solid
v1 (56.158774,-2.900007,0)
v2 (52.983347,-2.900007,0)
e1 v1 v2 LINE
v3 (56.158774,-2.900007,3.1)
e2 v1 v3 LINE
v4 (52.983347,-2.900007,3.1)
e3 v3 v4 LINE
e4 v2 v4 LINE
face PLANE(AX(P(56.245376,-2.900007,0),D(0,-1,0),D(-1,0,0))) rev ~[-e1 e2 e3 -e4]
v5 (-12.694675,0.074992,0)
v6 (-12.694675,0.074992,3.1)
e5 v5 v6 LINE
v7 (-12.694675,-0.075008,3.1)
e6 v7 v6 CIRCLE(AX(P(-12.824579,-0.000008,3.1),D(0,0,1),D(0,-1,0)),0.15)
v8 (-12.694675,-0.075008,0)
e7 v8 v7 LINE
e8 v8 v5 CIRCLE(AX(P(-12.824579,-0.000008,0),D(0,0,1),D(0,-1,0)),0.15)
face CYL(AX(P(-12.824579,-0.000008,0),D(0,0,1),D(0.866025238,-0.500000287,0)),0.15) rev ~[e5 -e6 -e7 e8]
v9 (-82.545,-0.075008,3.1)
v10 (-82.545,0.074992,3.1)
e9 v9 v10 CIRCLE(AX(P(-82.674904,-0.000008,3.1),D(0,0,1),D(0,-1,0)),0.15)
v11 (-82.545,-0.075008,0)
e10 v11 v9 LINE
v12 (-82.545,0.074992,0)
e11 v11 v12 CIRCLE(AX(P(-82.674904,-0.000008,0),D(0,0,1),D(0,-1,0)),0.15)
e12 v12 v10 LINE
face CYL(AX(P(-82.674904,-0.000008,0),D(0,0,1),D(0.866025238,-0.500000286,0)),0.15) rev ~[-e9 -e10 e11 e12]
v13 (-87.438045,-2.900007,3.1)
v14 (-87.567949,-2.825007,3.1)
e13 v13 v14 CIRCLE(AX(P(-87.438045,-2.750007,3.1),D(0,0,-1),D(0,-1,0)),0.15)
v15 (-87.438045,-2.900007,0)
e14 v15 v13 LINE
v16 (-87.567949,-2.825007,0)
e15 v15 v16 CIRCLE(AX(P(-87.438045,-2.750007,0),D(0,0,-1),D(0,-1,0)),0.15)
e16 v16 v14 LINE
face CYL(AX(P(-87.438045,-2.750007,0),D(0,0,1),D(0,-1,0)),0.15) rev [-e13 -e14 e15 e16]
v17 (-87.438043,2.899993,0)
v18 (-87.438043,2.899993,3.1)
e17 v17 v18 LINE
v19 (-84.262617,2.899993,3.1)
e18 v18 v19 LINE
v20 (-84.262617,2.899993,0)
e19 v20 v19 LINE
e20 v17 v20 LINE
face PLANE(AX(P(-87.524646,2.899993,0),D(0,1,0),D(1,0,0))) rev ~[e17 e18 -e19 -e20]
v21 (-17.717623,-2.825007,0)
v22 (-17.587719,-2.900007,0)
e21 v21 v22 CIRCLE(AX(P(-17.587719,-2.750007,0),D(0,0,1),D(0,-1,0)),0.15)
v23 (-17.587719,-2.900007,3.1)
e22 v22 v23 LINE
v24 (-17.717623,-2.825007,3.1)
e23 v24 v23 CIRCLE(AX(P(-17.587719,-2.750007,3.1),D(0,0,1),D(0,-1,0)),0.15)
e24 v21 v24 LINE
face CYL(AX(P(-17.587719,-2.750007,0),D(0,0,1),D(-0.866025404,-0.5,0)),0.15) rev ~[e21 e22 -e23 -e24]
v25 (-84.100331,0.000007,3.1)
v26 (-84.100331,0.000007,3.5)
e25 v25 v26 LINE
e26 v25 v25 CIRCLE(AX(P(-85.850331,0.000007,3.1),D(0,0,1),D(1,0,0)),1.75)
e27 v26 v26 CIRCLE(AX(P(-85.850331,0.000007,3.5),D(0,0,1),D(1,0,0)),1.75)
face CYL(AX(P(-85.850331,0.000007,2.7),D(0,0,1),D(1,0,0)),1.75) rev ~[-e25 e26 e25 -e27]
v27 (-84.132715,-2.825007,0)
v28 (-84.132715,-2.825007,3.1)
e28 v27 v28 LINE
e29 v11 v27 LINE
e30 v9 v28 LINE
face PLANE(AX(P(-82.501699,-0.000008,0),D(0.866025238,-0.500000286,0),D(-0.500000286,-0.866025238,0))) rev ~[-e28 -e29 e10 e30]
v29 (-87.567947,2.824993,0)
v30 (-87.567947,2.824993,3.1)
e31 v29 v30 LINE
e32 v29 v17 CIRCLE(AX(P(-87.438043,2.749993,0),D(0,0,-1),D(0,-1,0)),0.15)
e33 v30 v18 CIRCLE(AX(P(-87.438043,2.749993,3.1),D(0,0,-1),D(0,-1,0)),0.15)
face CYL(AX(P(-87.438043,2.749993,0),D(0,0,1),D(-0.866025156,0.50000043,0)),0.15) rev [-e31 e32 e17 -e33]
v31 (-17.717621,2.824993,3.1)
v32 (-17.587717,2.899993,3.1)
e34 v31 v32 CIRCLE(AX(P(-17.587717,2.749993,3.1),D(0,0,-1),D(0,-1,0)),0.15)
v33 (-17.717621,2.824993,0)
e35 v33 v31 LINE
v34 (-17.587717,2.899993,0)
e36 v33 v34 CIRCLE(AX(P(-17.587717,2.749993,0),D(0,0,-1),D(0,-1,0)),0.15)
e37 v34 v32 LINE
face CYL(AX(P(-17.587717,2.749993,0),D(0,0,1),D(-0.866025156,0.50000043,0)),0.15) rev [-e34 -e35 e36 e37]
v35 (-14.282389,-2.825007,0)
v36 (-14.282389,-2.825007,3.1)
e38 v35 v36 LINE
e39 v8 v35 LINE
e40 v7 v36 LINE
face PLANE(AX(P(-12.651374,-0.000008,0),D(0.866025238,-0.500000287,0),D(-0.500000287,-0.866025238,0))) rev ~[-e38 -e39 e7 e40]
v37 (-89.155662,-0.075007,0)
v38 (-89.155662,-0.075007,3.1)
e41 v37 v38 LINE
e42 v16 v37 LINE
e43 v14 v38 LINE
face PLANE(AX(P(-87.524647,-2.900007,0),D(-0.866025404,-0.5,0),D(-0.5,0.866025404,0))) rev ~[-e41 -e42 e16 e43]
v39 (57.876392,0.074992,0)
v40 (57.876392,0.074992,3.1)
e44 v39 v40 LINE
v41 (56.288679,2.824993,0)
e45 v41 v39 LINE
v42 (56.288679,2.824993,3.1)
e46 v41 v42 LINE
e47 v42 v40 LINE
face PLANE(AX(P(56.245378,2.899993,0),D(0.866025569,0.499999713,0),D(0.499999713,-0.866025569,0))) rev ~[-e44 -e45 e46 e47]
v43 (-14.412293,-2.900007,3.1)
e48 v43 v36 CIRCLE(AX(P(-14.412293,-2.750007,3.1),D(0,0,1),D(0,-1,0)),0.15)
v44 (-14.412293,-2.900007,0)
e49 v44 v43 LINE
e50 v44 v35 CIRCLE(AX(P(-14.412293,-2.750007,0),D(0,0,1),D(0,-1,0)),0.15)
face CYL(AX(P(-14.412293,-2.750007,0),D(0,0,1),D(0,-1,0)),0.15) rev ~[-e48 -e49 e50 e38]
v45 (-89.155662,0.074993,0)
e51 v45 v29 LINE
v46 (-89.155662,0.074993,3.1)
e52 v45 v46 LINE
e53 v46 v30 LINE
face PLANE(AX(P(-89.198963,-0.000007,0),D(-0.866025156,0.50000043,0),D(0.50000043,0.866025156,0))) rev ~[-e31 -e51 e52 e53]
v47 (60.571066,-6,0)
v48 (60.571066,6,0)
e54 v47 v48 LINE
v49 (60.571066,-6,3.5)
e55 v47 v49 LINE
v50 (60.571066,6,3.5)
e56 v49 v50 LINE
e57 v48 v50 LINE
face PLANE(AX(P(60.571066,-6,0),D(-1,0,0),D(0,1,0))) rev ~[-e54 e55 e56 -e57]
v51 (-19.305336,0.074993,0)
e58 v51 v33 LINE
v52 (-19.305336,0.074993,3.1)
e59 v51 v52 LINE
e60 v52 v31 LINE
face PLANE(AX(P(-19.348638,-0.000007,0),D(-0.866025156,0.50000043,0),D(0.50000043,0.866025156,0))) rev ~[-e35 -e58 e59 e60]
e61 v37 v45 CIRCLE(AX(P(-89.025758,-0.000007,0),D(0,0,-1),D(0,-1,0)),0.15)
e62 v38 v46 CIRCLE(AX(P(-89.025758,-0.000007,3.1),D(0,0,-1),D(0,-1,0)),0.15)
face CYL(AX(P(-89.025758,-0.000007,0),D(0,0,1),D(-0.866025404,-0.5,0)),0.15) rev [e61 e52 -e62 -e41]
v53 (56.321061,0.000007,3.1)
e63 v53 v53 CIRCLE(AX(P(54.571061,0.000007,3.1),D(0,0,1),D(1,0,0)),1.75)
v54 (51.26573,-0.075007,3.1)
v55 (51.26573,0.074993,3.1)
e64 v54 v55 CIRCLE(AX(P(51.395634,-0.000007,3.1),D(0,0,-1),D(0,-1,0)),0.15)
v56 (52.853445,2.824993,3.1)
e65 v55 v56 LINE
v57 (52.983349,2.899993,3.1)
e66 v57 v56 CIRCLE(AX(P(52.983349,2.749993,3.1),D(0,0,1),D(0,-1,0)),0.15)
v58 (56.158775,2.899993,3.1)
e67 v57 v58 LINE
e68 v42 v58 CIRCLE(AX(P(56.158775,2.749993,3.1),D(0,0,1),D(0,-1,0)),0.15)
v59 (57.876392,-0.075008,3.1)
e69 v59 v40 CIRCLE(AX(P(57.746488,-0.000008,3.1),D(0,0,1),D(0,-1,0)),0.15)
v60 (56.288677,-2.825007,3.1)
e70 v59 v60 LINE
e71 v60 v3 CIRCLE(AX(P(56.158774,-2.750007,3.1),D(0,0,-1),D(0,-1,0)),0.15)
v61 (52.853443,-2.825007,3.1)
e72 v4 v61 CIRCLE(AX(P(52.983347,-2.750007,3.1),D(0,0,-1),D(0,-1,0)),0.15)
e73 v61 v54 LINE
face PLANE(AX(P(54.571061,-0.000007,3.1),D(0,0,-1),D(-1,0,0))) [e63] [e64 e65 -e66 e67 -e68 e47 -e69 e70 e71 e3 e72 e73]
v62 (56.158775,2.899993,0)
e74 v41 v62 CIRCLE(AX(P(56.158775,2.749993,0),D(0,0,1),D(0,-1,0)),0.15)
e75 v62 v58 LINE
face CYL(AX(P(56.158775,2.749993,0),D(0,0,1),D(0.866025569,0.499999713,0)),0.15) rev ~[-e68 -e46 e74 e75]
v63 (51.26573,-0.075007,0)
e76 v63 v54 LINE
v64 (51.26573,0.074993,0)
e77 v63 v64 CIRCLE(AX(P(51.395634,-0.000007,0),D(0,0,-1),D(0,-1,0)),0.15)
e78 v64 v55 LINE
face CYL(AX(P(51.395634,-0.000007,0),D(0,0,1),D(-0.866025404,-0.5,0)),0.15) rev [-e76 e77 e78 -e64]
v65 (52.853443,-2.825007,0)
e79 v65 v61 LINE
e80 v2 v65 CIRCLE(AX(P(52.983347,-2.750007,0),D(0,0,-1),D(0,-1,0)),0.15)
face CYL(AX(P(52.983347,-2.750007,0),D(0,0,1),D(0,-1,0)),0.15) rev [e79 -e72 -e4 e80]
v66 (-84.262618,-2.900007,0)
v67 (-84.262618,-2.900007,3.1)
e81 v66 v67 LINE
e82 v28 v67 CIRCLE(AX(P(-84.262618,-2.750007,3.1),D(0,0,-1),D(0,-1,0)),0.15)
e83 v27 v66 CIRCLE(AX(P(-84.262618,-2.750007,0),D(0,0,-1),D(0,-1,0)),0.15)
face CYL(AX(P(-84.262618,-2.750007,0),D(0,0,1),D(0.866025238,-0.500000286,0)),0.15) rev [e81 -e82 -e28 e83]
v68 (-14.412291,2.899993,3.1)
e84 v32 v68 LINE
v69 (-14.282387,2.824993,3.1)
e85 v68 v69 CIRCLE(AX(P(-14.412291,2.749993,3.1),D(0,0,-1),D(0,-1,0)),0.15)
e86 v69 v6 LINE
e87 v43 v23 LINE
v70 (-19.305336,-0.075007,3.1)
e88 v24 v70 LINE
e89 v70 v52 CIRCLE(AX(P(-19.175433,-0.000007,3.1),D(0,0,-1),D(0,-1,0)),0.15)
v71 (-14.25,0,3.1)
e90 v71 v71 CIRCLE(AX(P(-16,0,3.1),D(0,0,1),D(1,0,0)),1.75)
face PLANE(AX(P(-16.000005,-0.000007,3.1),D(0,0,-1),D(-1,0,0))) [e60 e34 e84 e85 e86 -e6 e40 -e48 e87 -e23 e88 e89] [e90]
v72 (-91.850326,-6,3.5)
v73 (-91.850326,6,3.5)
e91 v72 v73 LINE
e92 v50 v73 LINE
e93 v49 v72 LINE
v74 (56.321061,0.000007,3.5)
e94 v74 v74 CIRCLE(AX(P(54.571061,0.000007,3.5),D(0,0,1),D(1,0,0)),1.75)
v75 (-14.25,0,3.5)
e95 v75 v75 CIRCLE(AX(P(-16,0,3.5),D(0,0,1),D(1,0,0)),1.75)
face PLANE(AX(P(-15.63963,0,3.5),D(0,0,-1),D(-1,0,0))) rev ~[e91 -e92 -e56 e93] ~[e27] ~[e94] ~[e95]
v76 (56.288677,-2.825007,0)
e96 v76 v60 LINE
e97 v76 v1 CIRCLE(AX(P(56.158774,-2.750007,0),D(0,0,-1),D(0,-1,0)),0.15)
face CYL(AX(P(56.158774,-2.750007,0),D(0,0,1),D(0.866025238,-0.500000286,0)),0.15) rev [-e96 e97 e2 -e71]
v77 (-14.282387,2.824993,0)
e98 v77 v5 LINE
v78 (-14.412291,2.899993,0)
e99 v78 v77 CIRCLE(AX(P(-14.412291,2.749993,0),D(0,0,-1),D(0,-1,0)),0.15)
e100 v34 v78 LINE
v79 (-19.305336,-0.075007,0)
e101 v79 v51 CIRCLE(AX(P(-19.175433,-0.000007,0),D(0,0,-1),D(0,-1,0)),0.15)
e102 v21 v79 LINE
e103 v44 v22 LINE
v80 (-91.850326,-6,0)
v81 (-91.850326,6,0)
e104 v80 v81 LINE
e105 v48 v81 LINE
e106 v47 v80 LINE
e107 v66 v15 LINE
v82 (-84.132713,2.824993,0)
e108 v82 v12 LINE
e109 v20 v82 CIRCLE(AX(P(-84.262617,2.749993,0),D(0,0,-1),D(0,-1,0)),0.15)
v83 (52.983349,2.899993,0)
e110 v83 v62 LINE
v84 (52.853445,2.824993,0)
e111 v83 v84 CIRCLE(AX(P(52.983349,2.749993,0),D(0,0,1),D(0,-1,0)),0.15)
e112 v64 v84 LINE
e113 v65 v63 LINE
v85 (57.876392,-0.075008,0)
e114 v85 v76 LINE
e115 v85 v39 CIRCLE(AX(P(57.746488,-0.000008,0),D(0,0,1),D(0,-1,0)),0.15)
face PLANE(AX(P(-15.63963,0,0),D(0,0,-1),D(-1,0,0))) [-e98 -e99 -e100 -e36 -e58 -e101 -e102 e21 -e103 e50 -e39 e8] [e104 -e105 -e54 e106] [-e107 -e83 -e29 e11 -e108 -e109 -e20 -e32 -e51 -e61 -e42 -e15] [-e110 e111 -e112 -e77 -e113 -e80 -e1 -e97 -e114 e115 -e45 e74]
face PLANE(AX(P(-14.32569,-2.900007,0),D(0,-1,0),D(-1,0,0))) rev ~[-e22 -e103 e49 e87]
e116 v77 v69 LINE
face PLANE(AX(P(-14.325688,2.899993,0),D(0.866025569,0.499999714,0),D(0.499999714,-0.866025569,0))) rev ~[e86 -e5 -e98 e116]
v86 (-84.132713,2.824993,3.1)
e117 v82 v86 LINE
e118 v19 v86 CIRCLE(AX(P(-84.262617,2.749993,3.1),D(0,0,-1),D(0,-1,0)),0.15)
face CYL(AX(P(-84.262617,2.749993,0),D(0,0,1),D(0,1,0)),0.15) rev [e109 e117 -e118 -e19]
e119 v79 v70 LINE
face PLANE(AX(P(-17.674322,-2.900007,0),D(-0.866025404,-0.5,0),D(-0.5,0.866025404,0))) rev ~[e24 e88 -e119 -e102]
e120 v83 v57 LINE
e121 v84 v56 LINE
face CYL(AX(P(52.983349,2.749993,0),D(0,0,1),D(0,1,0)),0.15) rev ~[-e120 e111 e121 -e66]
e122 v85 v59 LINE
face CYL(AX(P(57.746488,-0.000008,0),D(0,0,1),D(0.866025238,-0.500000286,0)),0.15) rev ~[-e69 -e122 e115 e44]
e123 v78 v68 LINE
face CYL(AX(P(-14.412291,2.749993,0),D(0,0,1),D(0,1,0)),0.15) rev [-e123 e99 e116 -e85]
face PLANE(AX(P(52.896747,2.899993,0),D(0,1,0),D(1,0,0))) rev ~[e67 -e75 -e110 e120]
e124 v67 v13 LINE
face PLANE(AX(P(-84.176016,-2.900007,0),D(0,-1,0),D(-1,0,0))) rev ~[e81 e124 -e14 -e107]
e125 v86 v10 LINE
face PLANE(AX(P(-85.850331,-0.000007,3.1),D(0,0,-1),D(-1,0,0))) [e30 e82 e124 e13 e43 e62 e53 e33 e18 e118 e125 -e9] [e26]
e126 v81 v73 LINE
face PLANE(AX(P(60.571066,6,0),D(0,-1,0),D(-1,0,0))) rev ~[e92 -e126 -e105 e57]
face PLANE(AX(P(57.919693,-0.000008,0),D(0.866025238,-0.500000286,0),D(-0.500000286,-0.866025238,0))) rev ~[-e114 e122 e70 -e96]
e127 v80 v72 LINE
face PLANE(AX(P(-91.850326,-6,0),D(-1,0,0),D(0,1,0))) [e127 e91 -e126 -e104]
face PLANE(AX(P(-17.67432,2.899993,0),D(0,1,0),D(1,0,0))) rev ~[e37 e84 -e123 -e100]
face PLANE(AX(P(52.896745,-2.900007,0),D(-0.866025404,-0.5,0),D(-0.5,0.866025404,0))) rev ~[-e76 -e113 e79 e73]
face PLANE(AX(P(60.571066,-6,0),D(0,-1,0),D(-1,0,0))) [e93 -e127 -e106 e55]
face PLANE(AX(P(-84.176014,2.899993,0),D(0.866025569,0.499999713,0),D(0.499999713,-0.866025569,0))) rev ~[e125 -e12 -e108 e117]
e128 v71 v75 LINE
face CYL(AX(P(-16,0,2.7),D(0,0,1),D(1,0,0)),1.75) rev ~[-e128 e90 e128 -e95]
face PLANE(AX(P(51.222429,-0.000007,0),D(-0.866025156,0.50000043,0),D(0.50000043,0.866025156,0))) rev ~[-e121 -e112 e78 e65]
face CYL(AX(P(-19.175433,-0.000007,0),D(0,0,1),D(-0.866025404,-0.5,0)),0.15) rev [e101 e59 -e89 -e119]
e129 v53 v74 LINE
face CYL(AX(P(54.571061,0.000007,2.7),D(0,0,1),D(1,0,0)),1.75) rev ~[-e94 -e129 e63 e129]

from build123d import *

# Parameters (mm, degrees)
SKETCH1_W                      = 152.421392062
SKETCH1_H                      = 12
BOSS_EXTRUDE1_DEPTH            = 3.5
CUT_EXTRUDE1_DEPTH             = 3.1
CUT_EXTRUDE2_DEPTH             = 3.1
CUT_EXTRUDE3_DEPTH             = 3.1
F_3_5_3_5_DIAMETER_HOLE1_D     = 3.5
F_3_5_3_5_DIAMETER_HOLE1_DEPTH = 0.4
FILLET1_R                      = 0.150000007


with BuildPart() as part:
    # Sketch1 → Boss-Extrude1 (new body)
    with BuildSketch(Plane(origin=(0, 0, 0), x_dir=(-1, 0, 0), z_dir=(0, 0, -1))):
        with Locations((15.639629555, 0)):
            Rectangle(SKETCH1_W, SKETCH1_H)
    extrude(amount=-BOSS_EXTRUDE1_DEPTH)

    # Sketch2 → Cut-Extrude1 (cut)
    with BuildSketch(Plane(origin=(0, 0, 0), x_dir=(-1, 0, 0), z_dir=(0, 0, -1))):
        Polygon((17.674321891, -2.900007341), (19.348637675, -7.335e-06), (17.674319972, 2.899992671), (14.325688404, 2.899992671), (12.651373579, -7.889e-06), (14.325690323, -2.900007341), align=None)
    extrude(amount=-CUT_EXTRUDE1_DEPTH, mode=Mode.SUBTRACT)

    # Sketch3 → Cut-Extrude2 (cut)
    with BuildSketch(Plane(origin=(0, 0, 0), x_dir=(-1, 0, 0), z_dir=(0, 0, -1))):
        Polygon((-57.919692896, -7.889e-06), (-56.245376153, -2.900007341), (-52.896744585, -2.900007341), (-51.2224288, -7.335e-06), (-52.896746503, 2.899992671), (-56.245378072, 2.899992671), align=None)
    extrude(amount=-CUT_EXTRUDE2_DEPTH, mode=Mode.SUBTRACT)

    # Sketch4 → Cut-Extrude3 (cut)
    with BuildSketch(Plane(origin=(0, 0, 0), x_dir=(-1, 0, 0), z_dir=(0, 0, -1))):
        Polygon((82.501699166, -7.889e-06), (84.176015909, -2.900007341), (87.524647477, -2.900007341), (89.198963262, -7.335e-06), (87.524645559, 2.899992671), (84.17601399, 2.899992671), align=None)
    extrude(amount=-CUT_EXTRUDE3_DEPTH, mode=Mode.SUBTRACT)

    # Ø3.5 (3.5) Diameter Hole1
    with Locations(Plane(origin=(0, 0, 3.1), x_dir=(-1, 0, 0), z_dir=(0, 0, -1))):
        with Locations((-54.571061328, 6.781e-06), (85.850330734, 6.781e-06), (16, 0)):
            Hole(F_3_5_3_5_DIAMETER_HOLE1_D / 2, depth=F_3_5_3_5_DIAMETER_HOLE1_DEPTH)

    # Fillet1
    fillet1_edges = [part.edges().sort_by_distance(p)[0] for p in [
        (-17.674321891, -2.900007341, 1.55),
        (-14.325690323, -2.900007341, 1.55),
        (-12.651373579, -7.889e-06, 1.55),
        (-14.325688404, 2.899992671, 1.55),
        (-17.674319972, 2.899992671, 1.55),
        (-19.348637675, -7.335e-06, 1.55),
        (57.919692896, -7.889e-06, 1.55),
        (56.245378072, 2.899992671, 1.55),
        (52.896746503, 2.899992671, 1.55),
        (51.2224288, -7.335e-06, 1.55),
        (52.896744585, -2.900007341, 1.55),
        (56.245376153, -2.900007341, 1.55),
        (-82.501699166, -7.889e-06, 1.55),
        (-84.17601399, 2.899992671, 1.55),
        (-87.524645559, 2.899992671, 1.55),
        (-89.198963262, -7.335e-06, 1.55),
        (-87.524647477, -2.900007341, 1.55),
        (-84.176015909, -2.900007341, 1.55),
    ]]
    fillet(fillet1_edges, radius=FILLET1_R)


solid = part.part
